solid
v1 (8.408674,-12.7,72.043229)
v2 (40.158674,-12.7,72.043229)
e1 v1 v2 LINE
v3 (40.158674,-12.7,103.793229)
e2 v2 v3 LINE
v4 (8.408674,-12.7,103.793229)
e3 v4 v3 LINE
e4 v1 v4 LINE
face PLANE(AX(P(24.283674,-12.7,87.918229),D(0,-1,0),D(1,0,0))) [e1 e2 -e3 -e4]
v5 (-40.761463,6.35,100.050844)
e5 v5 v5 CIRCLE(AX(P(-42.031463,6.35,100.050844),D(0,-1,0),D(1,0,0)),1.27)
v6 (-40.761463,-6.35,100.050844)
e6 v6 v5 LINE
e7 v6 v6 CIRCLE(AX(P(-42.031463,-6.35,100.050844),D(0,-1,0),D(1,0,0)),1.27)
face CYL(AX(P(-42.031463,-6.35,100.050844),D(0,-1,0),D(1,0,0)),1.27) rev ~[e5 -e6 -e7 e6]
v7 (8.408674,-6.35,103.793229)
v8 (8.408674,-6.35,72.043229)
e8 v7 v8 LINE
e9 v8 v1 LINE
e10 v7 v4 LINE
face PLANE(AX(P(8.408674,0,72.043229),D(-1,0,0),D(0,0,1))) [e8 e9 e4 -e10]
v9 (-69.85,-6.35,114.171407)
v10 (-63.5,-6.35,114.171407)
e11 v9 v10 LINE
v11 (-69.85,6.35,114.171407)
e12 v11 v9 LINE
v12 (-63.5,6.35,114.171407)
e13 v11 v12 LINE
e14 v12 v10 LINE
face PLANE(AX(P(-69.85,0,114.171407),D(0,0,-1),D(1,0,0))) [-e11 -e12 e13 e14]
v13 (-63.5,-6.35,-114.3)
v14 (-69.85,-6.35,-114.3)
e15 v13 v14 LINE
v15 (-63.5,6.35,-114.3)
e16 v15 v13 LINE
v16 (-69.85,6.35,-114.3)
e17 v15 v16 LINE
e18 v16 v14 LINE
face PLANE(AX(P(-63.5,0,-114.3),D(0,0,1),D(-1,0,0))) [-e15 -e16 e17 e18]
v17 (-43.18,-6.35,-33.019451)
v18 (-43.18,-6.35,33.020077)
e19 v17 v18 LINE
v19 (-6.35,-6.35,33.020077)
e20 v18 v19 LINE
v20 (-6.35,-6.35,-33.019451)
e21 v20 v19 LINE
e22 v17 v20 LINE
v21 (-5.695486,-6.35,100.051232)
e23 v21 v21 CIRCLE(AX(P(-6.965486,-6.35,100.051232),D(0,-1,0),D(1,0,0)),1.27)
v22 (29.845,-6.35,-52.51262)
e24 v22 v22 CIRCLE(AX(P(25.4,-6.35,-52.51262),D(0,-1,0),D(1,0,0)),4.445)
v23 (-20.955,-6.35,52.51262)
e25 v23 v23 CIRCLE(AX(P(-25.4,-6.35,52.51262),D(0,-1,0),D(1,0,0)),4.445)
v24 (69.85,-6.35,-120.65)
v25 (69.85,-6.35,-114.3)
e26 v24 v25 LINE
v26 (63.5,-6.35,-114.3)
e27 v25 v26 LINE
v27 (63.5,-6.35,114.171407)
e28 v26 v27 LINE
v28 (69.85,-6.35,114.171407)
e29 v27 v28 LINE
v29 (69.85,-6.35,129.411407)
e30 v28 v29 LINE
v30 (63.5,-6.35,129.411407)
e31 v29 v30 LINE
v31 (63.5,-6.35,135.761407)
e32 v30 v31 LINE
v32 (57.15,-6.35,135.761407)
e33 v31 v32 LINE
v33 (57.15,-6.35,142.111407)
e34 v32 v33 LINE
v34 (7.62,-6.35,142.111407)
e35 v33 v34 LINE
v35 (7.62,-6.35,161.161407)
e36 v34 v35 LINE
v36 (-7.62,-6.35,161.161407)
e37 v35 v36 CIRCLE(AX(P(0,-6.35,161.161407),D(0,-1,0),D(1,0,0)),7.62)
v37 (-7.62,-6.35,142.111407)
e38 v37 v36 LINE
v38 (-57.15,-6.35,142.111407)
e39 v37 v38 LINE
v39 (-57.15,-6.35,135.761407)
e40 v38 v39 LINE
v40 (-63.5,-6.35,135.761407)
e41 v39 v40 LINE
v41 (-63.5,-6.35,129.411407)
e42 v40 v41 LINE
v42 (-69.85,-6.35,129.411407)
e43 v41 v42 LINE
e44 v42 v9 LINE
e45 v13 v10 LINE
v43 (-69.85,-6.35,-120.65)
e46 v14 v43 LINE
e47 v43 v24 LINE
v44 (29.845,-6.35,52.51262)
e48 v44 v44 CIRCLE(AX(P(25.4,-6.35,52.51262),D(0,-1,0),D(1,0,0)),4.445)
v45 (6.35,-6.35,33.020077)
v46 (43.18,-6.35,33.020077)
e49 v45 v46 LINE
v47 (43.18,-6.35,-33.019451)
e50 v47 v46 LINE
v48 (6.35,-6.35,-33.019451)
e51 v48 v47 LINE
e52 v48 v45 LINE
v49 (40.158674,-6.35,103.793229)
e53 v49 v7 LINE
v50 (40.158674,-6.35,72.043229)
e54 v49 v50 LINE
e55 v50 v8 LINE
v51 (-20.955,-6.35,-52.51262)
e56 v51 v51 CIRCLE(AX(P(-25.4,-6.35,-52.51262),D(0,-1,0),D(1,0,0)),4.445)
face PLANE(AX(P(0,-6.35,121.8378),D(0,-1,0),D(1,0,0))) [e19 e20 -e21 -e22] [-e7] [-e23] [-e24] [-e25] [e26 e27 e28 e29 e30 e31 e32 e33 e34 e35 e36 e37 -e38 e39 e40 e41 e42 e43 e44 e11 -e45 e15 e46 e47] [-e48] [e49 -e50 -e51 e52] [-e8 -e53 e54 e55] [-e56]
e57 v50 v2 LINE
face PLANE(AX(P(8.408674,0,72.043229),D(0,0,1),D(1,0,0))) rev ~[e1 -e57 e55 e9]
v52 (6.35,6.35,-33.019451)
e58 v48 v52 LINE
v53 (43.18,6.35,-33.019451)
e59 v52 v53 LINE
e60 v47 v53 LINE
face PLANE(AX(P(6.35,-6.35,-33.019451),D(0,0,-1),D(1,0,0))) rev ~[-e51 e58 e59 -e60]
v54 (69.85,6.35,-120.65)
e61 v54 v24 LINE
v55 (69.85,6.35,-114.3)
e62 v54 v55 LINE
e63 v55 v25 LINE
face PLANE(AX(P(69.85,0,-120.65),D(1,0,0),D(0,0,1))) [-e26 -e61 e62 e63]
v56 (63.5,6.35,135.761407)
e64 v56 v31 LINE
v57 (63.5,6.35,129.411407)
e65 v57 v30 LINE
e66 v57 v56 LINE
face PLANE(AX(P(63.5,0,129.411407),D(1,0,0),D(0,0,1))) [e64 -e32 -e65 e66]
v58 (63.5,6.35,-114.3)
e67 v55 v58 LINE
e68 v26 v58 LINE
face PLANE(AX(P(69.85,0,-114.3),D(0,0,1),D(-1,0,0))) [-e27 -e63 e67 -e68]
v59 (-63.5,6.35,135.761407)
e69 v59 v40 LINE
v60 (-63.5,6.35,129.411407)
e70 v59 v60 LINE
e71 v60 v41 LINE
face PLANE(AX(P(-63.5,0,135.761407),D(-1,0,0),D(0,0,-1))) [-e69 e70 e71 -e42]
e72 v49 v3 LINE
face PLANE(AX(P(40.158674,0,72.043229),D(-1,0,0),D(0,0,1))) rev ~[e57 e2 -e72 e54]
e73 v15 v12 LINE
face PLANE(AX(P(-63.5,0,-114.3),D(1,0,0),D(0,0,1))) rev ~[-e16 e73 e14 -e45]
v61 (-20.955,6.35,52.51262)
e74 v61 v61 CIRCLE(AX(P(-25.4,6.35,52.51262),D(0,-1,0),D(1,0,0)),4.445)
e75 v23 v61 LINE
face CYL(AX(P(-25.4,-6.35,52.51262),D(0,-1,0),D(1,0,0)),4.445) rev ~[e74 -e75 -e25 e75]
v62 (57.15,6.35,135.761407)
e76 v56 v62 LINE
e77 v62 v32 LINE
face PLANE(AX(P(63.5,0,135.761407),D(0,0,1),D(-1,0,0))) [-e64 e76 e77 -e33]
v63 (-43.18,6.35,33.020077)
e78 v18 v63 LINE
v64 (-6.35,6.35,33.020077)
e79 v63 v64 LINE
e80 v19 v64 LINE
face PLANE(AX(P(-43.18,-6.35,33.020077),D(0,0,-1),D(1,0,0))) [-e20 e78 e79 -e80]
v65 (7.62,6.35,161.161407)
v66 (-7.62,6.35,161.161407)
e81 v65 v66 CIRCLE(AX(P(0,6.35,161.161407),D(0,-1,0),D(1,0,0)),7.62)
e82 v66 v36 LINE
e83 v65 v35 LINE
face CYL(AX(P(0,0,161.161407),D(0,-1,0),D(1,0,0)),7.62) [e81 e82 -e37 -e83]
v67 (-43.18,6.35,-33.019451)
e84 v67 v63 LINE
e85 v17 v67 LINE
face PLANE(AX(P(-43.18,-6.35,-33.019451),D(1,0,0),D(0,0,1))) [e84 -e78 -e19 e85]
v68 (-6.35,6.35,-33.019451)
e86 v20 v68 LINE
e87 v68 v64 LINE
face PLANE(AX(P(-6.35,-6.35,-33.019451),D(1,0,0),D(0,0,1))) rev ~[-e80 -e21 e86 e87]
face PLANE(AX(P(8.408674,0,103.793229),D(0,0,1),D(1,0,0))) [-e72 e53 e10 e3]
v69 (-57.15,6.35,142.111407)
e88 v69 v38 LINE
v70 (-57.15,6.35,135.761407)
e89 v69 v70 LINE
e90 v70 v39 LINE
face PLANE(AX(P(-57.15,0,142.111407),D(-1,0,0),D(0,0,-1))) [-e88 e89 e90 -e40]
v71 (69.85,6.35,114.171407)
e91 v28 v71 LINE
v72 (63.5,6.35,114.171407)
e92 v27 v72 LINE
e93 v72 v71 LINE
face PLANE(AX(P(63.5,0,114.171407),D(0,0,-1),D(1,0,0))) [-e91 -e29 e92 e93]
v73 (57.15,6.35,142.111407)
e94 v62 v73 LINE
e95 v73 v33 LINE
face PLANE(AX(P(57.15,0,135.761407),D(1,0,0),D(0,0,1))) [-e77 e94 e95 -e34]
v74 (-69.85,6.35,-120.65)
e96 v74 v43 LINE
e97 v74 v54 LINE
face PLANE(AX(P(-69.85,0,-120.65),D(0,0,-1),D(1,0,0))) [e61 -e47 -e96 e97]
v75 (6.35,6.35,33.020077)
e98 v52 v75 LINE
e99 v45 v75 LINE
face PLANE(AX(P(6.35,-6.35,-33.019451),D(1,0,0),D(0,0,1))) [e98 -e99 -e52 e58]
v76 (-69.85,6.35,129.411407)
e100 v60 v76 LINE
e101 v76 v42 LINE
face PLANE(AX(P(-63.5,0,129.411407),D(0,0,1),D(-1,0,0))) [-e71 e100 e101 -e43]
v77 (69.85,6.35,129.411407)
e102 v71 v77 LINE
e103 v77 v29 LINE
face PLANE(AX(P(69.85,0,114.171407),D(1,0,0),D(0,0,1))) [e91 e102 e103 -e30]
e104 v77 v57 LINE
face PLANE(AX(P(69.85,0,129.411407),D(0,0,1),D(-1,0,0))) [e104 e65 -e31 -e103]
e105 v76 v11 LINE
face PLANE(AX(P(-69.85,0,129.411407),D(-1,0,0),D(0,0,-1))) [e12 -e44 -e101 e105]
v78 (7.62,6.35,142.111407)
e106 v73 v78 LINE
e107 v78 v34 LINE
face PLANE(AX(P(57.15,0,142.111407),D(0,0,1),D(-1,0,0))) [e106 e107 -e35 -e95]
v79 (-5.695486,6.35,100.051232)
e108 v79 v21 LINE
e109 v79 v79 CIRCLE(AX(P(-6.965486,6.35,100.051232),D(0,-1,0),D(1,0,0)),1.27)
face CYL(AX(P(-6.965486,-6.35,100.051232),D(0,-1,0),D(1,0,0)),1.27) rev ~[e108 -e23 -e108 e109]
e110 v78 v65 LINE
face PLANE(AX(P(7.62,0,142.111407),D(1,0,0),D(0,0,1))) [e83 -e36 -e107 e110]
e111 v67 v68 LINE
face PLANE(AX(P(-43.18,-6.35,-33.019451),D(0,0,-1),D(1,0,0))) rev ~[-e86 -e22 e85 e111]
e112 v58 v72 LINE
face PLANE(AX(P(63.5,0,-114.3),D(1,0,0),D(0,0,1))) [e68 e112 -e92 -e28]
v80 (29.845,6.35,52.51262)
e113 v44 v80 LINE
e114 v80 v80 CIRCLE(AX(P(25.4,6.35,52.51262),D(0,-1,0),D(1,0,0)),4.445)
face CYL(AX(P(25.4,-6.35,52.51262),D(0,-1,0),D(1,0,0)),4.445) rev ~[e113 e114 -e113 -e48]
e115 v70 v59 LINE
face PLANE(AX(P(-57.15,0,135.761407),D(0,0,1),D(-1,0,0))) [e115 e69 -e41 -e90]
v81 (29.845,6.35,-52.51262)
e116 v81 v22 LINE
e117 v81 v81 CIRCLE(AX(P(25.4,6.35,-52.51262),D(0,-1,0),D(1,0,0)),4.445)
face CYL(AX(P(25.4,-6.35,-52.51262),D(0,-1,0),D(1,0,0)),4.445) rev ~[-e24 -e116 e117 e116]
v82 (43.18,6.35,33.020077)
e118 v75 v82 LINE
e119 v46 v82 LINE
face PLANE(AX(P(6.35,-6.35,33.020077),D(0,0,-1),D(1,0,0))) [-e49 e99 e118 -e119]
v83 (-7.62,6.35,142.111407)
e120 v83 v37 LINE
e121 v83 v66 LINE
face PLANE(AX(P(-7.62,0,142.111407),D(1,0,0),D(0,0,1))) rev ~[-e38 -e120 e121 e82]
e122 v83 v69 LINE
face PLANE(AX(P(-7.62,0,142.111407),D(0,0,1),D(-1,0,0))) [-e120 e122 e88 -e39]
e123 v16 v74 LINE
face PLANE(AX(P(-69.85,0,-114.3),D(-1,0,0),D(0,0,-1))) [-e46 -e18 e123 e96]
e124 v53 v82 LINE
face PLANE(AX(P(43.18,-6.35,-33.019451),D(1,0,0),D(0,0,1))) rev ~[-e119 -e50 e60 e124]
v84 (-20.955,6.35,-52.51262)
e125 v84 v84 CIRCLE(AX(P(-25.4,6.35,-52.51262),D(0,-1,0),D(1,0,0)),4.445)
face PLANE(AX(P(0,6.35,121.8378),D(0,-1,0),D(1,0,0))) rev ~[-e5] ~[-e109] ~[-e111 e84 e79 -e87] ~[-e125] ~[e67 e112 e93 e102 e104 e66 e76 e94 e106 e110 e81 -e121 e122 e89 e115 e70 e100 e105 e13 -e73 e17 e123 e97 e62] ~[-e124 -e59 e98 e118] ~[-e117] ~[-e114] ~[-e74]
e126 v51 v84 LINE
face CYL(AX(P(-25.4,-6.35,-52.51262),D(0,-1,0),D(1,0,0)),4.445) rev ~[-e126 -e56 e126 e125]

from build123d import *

# Parameters (mm, degrees)
F0_W      = 127
F0_H      = 0.1285925341
F0_H_2    = 228.4714074659
F0_W_2    = 15.24
F0_H_3    = 19.05
F3_DEPTH  = 6.35
F2_W      = 31.75
F2_H      = 31.75
F4_DEPTH  = 12.7
F5_W      = 36.83
F5_H      = 66.039527216
F6_DEPTH  = 50.8
F7_R      = 1.27
F8_DEPTH  = 12.7
F9_R      = 4.445
F10_DEPTH = 12.7


with BuildPart() as f3:
    # F0 (on Front) → F3 (new body, symmetric)
    with BuildSketch(Plane.XZ):
        Polygon((-63.5, 114.1714074659), (-63.5, 114.3), (63.5, 114.3), (63.5, 114.1714074659), (69.85, 114.1714074659), (69.85, 129.4114074659), (63.5, 129.4114074659), (-63.5, 129.4114074659), (-69.85, 129.4114074659), (-69.85, 114.1714074659), align=None)
        with Locations((0, 114.235703733)):
            Rectangle(F0_W, F0_H)
        with Locations((0, -0.064296267)):
            Rectangle(F0_W, F0_H_2)
        Polygon((63.5, -114.3), (-63.5, -114.3), (-69.85, -114.3), (-69.85, -120.65), (69.85, -120.65), (69.85, -114.3), align=None)
        Polygon((-63.5, 135.7614074659), (-63.5, 129.4114074659), (63.5, 129.4114074659), (63.5, 135.7614074659), (57.15, 135.7614074659), (-57.15, 135.7614074659), align=None)
        Polygon((-57.15, 142.1114074659), (-57.15, 135.7614074659), (57.15, 135.7614074659), (57.15, 142.1114074659), (7.62, 142.1114074659), (-7.62, 142.1114074659), align=None)
        with Locations((0, 151.6364074659)):
            Rectangle(F0_W_2, F0_H_3)
        with BuildLine():
            ThreePointArc((7.62, 161.1614074659), (0, 168.7814074659), (-7.62, 161.1614074659))
            Line((-7.62, 161.1614074659), (7.62, 161.1614074659))
        make_face()
    extrude(amount=F3_DEPTH, both=True)

    # F2 (on face) → F4 (join)
    with BuildSketch(Plane.XZ):
        with Locations((24.2836736143, 87.9182294011)):
            Rectangle(F2_W, F2_H)
    extrude(amount=F4_DEPTH)

    # F5 (on face) → F6 (cut)
    with BuildSketch(Plane.XZ.offset(6.35)):
        with Locations((24.765, 0.0003129244)):
            Rectangle(F5_W, F5_H)
        with Locations((-24.765, 0.0003129244)):
            Rectangle(F5_W, F5_H)
    extrude(amount=-F6_DEPTH, mode=Mode.SUBTRACT)

    # F7 (on face) → F8 (cut, symmetric)
    with BuildSketch(Plane.XZ.offset(6.35)):
        with Locations((-42.0314632356, 100.0508442521)):
            Circle(F7_R)
        with Locations((-6.9654858671, 100.0512316823)):
            Circle(F7_R)
    extrude(amount=F8_DEPTH, both=True, mode=Mode.SUBTRACT)

    # F9 (on face) → F10 (cut, symmetric)
    with BuildSketch(Plane.XZ.offset(6.35)):
        with Locations((-25.4, 52.5126196444)):
            Circle(F9_R)
        with Locations((25.4, 52.5126196444)):
            Circle(F9_R)
        with Locations((-25.4, -52.5126196444)):
            Circle(F9_R)
        with Locations((25.4, -52.5126196444)):
            Circle(F9_R)
    extrude(amount=F10_DEPTH, both=True, mode=Mode.SUBTRACT)


solid = f3.part
